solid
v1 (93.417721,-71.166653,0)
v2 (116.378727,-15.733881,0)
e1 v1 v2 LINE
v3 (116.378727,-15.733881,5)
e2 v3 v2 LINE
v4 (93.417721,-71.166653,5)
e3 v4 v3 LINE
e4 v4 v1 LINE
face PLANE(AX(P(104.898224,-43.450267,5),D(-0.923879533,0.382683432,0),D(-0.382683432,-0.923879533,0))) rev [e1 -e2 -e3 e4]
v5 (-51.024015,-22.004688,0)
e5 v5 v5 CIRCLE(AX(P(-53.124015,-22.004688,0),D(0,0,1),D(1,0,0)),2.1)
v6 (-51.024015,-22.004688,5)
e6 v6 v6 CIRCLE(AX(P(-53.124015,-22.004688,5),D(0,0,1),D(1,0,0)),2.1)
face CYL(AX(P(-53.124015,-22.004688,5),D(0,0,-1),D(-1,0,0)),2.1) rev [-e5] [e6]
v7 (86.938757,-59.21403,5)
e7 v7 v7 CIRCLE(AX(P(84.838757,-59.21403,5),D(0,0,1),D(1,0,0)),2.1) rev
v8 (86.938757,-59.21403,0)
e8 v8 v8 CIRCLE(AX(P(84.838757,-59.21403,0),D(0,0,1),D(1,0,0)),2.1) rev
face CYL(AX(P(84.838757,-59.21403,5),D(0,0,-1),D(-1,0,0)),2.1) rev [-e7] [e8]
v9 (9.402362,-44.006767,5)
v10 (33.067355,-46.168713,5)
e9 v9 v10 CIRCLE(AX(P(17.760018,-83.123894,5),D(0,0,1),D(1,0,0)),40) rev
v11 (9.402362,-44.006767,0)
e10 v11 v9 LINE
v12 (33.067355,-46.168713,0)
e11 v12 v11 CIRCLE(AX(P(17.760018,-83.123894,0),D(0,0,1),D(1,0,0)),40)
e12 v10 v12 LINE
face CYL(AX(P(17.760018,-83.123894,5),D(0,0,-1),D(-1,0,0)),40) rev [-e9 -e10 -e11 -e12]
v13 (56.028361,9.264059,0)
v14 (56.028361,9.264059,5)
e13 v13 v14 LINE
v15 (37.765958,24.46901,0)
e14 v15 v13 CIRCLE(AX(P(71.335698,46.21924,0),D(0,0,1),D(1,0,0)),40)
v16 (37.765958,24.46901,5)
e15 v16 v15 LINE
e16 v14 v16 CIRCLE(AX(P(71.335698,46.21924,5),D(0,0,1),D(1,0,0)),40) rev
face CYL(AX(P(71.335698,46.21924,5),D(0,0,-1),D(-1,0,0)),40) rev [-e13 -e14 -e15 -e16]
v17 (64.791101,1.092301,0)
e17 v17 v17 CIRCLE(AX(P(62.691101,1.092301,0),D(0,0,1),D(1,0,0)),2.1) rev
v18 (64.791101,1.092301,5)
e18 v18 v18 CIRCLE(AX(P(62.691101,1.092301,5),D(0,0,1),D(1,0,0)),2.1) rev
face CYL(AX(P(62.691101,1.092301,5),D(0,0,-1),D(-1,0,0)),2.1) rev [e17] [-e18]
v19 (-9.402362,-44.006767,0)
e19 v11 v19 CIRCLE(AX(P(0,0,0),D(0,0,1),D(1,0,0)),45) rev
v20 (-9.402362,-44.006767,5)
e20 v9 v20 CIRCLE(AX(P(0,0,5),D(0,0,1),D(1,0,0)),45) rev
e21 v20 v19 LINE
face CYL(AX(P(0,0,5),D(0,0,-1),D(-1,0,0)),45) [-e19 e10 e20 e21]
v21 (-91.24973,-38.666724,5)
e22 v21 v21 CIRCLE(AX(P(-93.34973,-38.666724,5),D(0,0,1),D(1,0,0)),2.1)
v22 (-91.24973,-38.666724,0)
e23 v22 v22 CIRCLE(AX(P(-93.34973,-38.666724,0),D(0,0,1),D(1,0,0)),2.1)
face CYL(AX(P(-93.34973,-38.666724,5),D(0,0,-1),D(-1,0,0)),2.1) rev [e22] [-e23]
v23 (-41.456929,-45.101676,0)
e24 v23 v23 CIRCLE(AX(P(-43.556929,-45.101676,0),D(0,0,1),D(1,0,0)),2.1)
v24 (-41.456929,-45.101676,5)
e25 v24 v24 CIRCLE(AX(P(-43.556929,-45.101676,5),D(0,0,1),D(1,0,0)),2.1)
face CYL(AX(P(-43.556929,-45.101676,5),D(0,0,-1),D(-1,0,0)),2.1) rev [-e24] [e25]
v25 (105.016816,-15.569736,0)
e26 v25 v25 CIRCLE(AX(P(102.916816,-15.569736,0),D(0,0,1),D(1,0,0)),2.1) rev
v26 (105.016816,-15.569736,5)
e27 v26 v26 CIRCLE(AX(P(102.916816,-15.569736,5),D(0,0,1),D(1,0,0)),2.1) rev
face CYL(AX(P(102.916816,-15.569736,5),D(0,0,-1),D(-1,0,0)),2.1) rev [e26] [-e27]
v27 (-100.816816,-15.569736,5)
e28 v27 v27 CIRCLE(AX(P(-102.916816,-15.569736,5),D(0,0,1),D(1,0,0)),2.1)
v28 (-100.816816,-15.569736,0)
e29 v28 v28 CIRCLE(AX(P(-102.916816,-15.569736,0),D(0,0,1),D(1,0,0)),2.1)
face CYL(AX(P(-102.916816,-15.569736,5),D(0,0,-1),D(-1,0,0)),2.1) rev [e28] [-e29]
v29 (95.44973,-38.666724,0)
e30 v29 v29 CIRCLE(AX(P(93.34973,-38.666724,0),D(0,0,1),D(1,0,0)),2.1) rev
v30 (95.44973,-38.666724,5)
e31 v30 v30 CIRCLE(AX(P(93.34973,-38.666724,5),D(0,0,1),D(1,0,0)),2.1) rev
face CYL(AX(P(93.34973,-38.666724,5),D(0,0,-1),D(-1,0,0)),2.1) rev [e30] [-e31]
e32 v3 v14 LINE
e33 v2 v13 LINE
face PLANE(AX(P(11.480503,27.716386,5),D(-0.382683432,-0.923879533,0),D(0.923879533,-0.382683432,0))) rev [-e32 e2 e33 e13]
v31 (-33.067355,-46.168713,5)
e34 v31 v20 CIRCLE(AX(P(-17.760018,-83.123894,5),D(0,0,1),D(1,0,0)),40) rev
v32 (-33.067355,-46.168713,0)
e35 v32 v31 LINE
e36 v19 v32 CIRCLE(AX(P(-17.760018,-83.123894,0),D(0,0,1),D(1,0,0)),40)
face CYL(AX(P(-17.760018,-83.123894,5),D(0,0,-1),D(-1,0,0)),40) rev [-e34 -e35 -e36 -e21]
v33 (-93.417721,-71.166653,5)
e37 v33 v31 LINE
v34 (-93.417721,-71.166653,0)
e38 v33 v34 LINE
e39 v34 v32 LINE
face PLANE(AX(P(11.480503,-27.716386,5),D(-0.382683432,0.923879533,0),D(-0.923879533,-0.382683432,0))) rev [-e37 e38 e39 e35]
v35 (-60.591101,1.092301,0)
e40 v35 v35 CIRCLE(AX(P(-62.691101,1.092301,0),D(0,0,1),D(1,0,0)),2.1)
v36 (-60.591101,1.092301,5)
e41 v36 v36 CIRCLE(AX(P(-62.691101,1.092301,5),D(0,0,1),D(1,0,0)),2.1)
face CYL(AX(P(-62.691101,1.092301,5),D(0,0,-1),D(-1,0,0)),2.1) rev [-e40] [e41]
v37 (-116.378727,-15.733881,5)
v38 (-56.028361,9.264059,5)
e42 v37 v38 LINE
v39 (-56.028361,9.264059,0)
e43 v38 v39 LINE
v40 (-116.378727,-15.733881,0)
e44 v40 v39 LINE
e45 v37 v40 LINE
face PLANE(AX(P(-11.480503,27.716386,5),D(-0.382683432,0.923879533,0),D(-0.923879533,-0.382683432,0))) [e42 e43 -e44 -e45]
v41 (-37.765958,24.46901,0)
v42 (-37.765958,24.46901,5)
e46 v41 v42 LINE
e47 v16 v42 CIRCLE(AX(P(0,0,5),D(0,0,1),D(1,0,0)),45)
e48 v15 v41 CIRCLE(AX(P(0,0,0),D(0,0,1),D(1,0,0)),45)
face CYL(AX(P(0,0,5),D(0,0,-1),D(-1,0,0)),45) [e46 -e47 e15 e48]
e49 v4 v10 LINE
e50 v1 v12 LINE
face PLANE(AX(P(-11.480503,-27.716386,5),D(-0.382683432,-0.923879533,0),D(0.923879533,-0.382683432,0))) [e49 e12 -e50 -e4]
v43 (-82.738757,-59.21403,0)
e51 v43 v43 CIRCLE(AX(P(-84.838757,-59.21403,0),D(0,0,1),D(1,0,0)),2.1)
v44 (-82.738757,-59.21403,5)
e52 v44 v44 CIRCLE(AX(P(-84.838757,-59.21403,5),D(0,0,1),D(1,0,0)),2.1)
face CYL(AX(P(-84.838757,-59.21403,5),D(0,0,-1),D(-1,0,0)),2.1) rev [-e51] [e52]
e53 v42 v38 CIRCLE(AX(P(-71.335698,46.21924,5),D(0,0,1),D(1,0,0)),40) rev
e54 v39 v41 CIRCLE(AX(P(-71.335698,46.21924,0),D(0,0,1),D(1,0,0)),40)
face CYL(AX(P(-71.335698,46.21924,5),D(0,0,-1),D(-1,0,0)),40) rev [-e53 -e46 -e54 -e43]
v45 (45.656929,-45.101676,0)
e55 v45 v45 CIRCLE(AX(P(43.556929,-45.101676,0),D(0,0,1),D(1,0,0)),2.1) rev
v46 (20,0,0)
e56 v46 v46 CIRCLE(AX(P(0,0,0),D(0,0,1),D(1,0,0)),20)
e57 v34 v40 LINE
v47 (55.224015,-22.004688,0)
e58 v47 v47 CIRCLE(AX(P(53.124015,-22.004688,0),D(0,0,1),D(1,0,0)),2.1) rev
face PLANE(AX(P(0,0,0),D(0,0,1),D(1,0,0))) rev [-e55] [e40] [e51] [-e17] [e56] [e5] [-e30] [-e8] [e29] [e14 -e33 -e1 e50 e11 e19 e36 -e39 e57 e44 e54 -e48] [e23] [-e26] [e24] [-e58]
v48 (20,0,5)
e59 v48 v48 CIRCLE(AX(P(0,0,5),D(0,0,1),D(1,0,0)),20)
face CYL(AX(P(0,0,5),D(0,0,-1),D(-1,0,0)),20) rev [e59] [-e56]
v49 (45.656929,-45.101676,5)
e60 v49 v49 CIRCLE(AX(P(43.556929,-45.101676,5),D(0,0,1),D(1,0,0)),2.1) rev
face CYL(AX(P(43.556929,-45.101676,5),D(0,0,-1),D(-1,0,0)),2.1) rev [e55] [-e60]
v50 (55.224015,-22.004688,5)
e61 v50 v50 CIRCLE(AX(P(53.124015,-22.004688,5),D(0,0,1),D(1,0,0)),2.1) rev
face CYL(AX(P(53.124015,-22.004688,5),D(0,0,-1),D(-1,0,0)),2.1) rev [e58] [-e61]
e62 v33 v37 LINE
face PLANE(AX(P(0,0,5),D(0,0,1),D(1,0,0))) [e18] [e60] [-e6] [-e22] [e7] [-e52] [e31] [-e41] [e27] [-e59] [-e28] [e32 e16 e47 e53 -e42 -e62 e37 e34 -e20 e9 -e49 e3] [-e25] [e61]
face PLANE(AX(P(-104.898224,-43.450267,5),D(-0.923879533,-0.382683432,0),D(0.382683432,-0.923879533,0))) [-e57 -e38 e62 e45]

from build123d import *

# Parameters (mm, degrees)
SKETCH1_R           = 20
SKETCH1_R_2         = 2.1
BOSS_EXTRUDE1_DEPTH = 5
FILLET1_R           = 40


with BuildPart() as part:
    # Sketch1 → Boss-Extrude1 (new body)
    with BuildSketch(Plane.XY):
        with BuildLine():
            Line((-93.417721196, -71.166653094), (-116.378727138, -15.733881143))
            Line((-116.378727138, -15.733881143), (-42.468364537, 14.880793446))
            ThreePointArc((-42.468364537, 14.880793446), (0, 45), (42.468364537, 14.880793446))
            Line((42.468364537, 14.880793446), (116.378727138, -15.733881143))
            Line((116.378727138, -15.733881143), (93.417721196, -71.166653094))
            Line((93.417721196, -71.166653094), (19.507358595, -40.551978505))
            ThreePointArc((19.507358595, -40.551978505), (0, -45), (-19.507358595, -40.551978505))
            Line((-19.507358595, -40.551978505), (-93.417721196, -71.166653094))
        make_face()
        Circle(SKETCH1_R, mode=Mode.SUBTRACT)
        with Locations((-93.34973001, -38.666724214)):
            Circle(SKETCH1_R_2, mode=Mode.SUBTRACT)
        with Locations((-102.916815819, -15.569735901)):
            Circle(SKETCH1_R_2, mode=Mode.SUBTRACT)
        with Locations((-84.838757104, -59.214030433)):
            Circle(SKETCH1_R_2, mode=Mode.SUBTRACT)
        with Locations((84.838757104, -59.214030433)):
            Circle(SKETCH1_R_2, mode=Mode.SUBTRACT)
        with Locations((93.34973001, -38.666724214)):
            Circle(SKETCH1_R_2, mode=Mode.SUBTRACT)
        with Locations((102.916815819, -15.569735901)):
            Circle(SKETCH1_R_2, mode=Mode.SUBTRACT)
        with Locations((-62.691100974, 1.092300744)):
            Circle(SKETCH1_R_2, mode=Mode.SUBTRACT)
        with Locations((-53.124015165, -22.004687569)):
            Circle(SKETCH1_R_2, mode=Mode.SUBTRACT)
        with Locations((-43.556929356, -45.101675882)):
            Circle(SKETCH1_R_2, mode=Mode.SUBTRACT)
        with Locations((43.556929356, -45.101675882)):
            Circle(SKETCH1_R_2, mode=Mode.SUBTRACT)
        with Locations((53.124015165, -22.004687569)):
            Circle(SKETCH1_R_2, mode=Mode.SUBTRACT)
        with Locations((62.691100974, 1.092300744)):
            Circle(SKETCH1_R_2, mode=Mode.SUBTRACT)
    extrude(amount=BOSS_EXTRUDE1_DEPTH)

    # Fillet1
    fillet1_edges = [part.edges().sort_by_distance(p)[0] for p in [
        (-19.507358595, -40.551978505, 2.5),
        (-42.468364537, 14.880793446, 2.5),
        (42.468364537, 14.880793446, 2.5),
        (19.507358595, -40.551978505, 2.5),
    ]]
    fillet(fillet1_edges, radius=FILLET1_R)


solid = part.part
